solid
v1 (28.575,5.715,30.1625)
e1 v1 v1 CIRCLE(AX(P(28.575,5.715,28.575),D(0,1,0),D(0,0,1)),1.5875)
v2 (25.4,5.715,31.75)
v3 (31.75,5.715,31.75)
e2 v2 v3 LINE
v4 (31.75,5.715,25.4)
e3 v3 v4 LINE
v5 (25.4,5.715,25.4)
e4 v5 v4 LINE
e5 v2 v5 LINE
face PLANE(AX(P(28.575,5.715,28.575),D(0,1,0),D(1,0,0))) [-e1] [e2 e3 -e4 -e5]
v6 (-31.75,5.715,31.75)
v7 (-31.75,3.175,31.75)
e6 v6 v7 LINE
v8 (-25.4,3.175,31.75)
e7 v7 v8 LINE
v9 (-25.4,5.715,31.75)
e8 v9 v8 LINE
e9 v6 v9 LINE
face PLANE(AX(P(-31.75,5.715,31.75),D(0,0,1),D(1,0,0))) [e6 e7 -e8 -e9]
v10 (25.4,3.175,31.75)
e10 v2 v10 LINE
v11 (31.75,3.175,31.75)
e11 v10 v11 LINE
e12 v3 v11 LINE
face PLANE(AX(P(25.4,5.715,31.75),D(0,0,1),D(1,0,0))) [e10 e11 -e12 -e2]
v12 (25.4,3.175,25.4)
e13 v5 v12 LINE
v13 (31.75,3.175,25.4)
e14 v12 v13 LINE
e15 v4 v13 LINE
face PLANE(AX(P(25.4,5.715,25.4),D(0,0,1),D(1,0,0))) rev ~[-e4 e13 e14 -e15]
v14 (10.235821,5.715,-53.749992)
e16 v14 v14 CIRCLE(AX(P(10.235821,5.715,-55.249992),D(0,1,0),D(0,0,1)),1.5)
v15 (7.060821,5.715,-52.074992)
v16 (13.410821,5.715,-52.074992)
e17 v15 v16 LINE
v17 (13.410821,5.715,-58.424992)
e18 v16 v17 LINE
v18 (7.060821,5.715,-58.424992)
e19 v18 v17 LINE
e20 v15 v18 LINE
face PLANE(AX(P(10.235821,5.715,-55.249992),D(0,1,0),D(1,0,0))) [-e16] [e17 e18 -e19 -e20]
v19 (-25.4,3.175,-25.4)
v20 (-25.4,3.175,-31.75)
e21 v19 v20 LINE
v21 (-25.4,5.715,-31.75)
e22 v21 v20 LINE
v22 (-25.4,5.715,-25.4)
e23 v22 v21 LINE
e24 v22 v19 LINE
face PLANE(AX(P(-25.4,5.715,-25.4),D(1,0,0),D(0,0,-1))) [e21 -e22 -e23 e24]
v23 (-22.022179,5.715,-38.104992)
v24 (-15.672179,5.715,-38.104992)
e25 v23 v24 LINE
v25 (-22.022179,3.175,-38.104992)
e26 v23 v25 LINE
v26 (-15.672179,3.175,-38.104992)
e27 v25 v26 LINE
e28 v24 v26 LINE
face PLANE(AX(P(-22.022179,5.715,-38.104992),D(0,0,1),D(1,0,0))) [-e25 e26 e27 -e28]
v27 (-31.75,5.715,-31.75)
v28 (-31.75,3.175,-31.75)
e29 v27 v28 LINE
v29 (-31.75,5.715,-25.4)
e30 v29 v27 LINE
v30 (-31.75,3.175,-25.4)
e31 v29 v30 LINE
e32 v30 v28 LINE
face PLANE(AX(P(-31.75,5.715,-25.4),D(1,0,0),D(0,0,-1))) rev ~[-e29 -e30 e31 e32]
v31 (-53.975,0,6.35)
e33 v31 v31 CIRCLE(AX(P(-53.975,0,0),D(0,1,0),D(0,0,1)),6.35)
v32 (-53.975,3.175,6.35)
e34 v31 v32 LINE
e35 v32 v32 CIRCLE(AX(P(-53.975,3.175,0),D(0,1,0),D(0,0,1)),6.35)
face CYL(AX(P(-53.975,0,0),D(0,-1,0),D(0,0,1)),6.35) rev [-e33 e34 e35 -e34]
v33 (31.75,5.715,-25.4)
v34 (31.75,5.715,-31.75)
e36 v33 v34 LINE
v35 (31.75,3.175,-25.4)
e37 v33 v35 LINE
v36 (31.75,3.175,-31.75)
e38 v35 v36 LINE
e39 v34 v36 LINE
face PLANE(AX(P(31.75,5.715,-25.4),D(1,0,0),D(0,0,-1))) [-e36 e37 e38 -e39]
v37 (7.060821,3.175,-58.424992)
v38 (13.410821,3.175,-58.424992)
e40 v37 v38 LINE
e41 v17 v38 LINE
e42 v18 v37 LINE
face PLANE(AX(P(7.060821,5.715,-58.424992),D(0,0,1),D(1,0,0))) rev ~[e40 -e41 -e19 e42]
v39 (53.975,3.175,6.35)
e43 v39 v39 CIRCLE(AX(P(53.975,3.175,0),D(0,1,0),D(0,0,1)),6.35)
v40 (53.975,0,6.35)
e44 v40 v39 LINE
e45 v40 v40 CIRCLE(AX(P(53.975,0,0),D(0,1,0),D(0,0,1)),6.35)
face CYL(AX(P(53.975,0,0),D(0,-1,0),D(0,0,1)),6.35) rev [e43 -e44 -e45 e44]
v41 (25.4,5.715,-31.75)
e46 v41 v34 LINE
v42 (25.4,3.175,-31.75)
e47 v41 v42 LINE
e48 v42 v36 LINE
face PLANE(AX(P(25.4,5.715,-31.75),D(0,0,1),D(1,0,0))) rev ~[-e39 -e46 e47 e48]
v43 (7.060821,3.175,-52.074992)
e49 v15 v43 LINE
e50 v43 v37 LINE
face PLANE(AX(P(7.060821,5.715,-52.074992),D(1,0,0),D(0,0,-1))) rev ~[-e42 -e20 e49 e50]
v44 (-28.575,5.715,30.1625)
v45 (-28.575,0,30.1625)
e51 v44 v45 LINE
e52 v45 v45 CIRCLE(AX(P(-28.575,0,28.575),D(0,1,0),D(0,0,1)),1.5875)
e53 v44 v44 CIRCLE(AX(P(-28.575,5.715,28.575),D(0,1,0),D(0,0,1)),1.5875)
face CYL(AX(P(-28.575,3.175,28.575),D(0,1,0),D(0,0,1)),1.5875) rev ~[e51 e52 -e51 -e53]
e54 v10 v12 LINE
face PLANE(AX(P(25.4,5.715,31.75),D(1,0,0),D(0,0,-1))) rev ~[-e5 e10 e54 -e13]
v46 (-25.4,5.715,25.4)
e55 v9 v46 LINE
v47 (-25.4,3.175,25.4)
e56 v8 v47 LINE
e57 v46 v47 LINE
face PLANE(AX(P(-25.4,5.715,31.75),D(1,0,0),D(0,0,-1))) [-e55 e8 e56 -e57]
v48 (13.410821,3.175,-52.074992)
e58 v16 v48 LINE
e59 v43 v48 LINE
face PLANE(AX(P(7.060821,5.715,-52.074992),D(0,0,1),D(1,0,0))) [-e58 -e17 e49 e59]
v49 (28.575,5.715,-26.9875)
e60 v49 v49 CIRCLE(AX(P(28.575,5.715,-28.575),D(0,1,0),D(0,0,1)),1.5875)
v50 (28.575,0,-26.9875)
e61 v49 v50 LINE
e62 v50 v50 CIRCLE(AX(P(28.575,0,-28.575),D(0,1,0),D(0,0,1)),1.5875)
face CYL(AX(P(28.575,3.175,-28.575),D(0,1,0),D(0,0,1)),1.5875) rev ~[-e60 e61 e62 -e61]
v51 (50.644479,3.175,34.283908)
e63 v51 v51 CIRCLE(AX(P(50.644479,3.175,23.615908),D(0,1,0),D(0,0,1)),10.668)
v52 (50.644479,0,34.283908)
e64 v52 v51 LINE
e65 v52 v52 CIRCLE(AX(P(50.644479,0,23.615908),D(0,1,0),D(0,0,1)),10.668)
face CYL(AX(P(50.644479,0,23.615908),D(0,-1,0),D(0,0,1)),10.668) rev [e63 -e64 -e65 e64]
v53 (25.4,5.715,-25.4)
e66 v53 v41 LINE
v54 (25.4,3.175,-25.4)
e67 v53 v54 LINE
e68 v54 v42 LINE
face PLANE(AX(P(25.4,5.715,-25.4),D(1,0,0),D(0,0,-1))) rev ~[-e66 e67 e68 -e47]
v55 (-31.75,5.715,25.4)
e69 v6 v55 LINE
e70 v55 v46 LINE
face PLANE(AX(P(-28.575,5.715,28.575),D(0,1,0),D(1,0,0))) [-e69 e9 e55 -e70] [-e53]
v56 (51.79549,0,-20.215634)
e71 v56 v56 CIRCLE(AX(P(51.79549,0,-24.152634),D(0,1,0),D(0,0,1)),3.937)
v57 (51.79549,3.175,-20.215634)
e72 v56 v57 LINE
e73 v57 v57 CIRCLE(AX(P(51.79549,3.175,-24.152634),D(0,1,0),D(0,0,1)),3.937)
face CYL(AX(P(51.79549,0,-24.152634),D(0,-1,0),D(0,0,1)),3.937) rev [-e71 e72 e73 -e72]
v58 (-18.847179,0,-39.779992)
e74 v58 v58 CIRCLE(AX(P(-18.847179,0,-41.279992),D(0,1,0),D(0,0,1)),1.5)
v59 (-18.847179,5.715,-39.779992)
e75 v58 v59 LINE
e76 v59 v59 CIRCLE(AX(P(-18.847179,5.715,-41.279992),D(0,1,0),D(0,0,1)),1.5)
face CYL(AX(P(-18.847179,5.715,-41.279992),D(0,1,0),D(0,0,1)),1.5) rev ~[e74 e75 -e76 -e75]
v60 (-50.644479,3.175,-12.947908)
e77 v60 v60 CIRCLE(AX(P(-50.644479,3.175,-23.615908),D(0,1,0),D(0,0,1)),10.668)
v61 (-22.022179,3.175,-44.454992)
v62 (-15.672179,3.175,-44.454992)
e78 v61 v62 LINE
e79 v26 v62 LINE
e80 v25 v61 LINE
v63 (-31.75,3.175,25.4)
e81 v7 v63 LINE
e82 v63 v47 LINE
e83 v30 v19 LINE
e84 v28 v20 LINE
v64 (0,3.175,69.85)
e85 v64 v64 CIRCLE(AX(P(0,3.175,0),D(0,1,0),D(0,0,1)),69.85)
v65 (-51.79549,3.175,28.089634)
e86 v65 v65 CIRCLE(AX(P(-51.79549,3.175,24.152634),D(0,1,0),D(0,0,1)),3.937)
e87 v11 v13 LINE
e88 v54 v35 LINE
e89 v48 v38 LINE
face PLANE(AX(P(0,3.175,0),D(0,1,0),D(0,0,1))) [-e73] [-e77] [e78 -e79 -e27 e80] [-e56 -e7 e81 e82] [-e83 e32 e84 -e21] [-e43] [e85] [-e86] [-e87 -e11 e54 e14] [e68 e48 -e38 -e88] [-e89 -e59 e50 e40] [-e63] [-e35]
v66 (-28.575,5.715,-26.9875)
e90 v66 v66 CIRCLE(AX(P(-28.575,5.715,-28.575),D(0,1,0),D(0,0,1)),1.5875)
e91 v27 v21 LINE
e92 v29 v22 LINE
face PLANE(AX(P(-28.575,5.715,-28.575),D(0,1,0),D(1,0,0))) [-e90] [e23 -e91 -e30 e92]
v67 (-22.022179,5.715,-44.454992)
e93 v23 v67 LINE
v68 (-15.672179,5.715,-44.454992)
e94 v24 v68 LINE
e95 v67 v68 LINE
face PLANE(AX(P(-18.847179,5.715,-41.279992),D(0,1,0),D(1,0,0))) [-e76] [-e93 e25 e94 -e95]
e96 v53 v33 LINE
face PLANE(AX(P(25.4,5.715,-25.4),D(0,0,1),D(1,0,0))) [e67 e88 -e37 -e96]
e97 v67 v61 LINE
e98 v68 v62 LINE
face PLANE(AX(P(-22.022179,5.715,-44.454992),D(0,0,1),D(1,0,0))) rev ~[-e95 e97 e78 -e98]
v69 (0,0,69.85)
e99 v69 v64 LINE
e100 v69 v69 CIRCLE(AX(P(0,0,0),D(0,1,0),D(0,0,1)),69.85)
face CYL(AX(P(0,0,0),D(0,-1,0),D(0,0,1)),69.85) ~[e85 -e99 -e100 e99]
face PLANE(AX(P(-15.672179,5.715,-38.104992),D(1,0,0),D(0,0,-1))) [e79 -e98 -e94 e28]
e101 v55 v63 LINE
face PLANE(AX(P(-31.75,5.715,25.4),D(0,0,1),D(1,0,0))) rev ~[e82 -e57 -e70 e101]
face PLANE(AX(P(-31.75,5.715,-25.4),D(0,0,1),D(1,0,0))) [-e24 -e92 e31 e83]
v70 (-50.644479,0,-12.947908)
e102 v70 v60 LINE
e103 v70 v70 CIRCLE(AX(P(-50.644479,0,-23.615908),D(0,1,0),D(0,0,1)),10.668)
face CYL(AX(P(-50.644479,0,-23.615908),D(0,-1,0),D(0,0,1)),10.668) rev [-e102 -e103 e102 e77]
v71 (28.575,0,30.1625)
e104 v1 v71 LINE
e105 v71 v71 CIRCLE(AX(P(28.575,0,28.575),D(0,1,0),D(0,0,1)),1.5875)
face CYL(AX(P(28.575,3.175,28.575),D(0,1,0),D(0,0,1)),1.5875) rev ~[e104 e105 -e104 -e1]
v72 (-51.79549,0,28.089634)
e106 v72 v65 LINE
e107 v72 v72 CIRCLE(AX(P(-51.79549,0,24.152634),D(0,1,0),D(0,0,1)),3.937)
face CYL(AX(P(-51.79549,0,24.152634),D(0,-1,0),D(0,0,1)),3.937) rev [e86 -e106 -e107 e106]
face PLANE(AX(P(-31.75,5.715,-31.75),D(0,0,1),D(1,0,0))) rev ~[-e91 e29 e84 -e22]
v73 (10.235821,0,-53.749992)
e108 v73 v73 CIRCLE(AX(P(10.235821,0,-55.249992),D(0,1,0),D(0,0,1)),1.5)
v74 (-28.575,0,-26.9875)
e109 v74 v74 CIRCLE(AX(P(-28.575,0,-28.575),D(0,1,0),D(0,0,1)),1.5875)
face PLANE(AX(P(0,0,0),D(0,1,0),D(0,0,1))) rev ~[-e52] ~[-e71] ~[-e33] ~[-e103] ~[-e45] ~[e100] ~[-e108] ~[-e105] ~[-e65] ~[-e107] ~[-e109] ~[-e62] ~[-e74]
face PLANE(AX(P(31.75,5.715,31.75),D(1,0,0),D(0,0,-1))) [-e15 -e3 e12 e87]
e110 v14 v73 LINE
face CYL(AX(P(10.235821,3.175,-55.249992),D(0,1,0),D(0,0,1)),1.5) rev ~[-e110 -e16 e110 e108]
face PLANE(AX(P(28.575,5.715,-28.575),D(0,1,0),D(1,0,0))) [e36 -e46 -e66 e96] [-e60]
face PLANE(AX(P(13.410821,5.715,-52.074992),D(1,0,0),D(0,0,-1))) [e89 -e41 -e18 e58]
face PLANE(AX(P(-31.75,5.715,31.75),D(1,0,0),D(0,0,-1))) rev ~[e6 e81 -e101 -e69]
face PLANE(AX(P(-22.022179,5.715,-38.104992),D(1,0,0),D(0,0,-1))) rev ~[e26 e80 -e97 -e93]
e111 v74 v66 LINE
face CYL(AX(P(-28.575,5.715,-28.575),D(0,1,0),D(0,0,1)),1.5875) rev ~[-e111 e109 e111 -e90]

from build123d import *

# Parameters (mm, degrees)
SKETCH1_R           = 69.85
SKETCH1_R_2         = 3.937
SKETCH1_R_3         = 6.35
SKETCH1_R_4         = 10.668
BOSS_EXTRUDE1_DEPTH = 3.175
SKETCH2_R           = 1.5875
CUT_EXTRUDE2_DEPTH  = 10
SKETCH2_4_R         = 1.5875
CUT_EXTRUDE3_DEPTH  = 10
BOSS_EXTRUDE3_START = 2.54
SKETCH2_5_W         = 6.35
SKETCH2_5_H         = 6.35
SKETCH2_5_R         = 1.5875
BOSS_EXTRUDE3_DEPTH = 2.54
SKETCH4_R           = 1.5
CUT_EXTRUDE4_DEPTH  = 6.35
BOSS_EXTRUDE4_START = 2.54
SKETCH4_4_W         = 6.35
SKETCH4_4_H         = 6.35
SKETCH4_4_R         = 1.5
BOSS_EXTRUDE4_DEPTH = 2.54


with BuildPart() as part:
    # Sketch1 → Boss-Extrude1 (new body)
    with BuildSketch(Plane(origin=(0, 0, 0), x_dir=(1, 0, 0), z_dir=(0, 1, 0))):
        Circle(SKETCH1_R)
        with Locations((-51.795490029, -24.152633658)):
            Circle(SKETCH1_R_2, mode=Mode.SUBTRACT)
        with Locations((-53.975, 0)):
            Circle(SKETCH1_R_3, mode=Mode.SUBTRACT)
        with Locations((-50.64447914, 23.615908466)):
            Circle(SKETCH1_R_4, mode=Mode.SUBTRACT)
        with Locations((51.795490029, 24.152633658)):
            Circle(SKETCH1_R_2, mode=Mode.SUBTRACT)
        with Locations((53.975, 0)):
            Circle(SKETCH1_R_3, mode=Mode.SUBTRACT)
        with Locations((50.64447914, -23.615908466)):
            Circle(SKETCH1_R_4, mode=Mode.SUBTRACT)
    extrude(amount=BOSS_EXTRUDE1_DEPTH)

    # Sketch2 → Cut-Extrude2 (cut)
    with BuildSketch(Plane(origin=(0, 3.175, 0), x_dir=(1, 0, 0), z_dir=(0, 1, 0))):
        with Locations((-28.575, -28.575)):
            Circle(SKETCH2_R)
    extrude(amount=-CUT_EXTRUDE2_DEPTH, mode=Mode.SUBTRACT)

    # Sketch2<4> → Cut-Extrude3 (cut)
    with BuildSketch(Plane(origin=(0, 3.175, 0), x_dir=(1, 0, 0), z_dir=(0, 1, 0))):
        with Locations((-28.575, 28.575)):
            Circle(SKETCH2_4_R)
        with Locations((28.575, 28.575)):
            Circle(SKETCH2_4_R)
        with Locations((28.575, -28.575)):
            Circle(SKETCH2_4_R)
    extrude(amount=-CUT_EXTRUDE3_DEPTH, mode=Mode.SUBTRACT)

    # Sketch2<5> → Boss-Extrude3 (add)
    # profile 1 of 4: a face of its own
    with BuildSketch(Plane(origin=(0, 3.175, 0), x_dir=(1, 0, 0), z_dir=(0, 1, 0)).offset(BOSS_EXTRUDE3_START)):
        with Locations((-28.575, 28.575)):
            Rectangle(SKETCH2_5_W, SKETCH2_5_H)
        with Locations((-28.575, 28.575)):
            Circle(SKETCH2_5_R, mode=Mode.SUBTRACT)
    # profile 2 of 4: a face of its own
    with BuildSketch(Plane(origin=(0, 3.175, 0), x_dir=(1, 0, 0), z_dir=(0, 1, 0)).offset(BOSS_EXTRUDE3_START)):
        with Locations((28.575, 28.575)):
            Rectangle(SKETCH2_5_W, SKETCH2_5_H)
        with Locations((28.575, 28.575)):
            Circle(SKETCH2_5_R, mode=Mode.SUBTRACT)
    # profile 3 of 4: a face of its own
    with BuildSketch(Plane(origin=(0, 3.175, 0), x_dir=(1, 0, 0), z_dir=(0, 1, 0)).offset(BOSS_EXTRUDE3_START)):
        with Locations((-28.575, -28.575)):
            Rectangle(SKETCH2_5_W, SKETCH2_5_H)
        with Locations((-28.575, -28.575)):
            Circle(SKETCH2_5_R, mode=Mode.SUBTRACT)
    # profile 4 of 4: a face of its own
    with BuildSketch(Plane(origin=(0, 3.175, 0), x_dir=(1, 0, 0), z_dir=(0, 1, 0)).offset(BOSS_EXTRUDE3_START)):
        with Locations((28.575, -28.575)):
            Rectangle(SKETCH2_5_W, SKETCH2_5_H)
        with Locations((28.575, -28.575)):
            Circle(SKETCH2_5_R, mode=Mode.SUBTRACT)
    extrude(amount=-BOSS_EXTRUDE3_DEPTH)

    # Sketch4 → Cut-Extrude4 (cut)
    with BuildSketch(Plane(origin=(0, 3.175, 0), x_dir=(1, 0, 0), z_dir=(0, 1, 0))):
        with Locations((10.235820896, 55.249992322)):
            Circle(SKETCH4_R)
        with Locations((-18.847179104, 41.279992322)):
            Circle(SKETCH4_R)
    extrude(amount=-CUT_EXTRUDE4_DEPTH, mode=Mode.SUBTRACT)

    # Sketch4<4> → Boss-Extrude4 (add)
    # profile 1 of 2: a face of its own
    with BuildSketch(Plane(origin=(0, 3.175, 0), x_dir=(1, 0, 0), z_dir=(0, 1, 0)).offset(BOSS_EXTRUDE4_START)):
        with Locations((-18.847179104, 41.279992322)):
            Rectangle(SKETCH4_4_W, SKETCH4_4_H)
        with Locations((-18.847179104, 41.279992322)):
            Circle(SKETCH4_4_R, mode=Mode.SUBTRACT)
    # profile 2 of 2: a face of its own
    with BuildSketch(Plane(origin=(0, 3.175, 0), x_dir=(1, 0, 0), z_dir=(0, 1, 0)).offset(BOSS_EXTRUDE4_START)):
        with Locations((10.235820896, 55.249992322)):
            Rectangle(SKETCH4_4_W, SKETCH4_4_H)
        with Locations((10.235820896, 55.249992322)):
            Circle(SKETCH4_4_R, mode=Mode.SUBTRACT)
    extrude(amount=-BOSS_EXTRUDE4_DEPTH)


solid = part.part
